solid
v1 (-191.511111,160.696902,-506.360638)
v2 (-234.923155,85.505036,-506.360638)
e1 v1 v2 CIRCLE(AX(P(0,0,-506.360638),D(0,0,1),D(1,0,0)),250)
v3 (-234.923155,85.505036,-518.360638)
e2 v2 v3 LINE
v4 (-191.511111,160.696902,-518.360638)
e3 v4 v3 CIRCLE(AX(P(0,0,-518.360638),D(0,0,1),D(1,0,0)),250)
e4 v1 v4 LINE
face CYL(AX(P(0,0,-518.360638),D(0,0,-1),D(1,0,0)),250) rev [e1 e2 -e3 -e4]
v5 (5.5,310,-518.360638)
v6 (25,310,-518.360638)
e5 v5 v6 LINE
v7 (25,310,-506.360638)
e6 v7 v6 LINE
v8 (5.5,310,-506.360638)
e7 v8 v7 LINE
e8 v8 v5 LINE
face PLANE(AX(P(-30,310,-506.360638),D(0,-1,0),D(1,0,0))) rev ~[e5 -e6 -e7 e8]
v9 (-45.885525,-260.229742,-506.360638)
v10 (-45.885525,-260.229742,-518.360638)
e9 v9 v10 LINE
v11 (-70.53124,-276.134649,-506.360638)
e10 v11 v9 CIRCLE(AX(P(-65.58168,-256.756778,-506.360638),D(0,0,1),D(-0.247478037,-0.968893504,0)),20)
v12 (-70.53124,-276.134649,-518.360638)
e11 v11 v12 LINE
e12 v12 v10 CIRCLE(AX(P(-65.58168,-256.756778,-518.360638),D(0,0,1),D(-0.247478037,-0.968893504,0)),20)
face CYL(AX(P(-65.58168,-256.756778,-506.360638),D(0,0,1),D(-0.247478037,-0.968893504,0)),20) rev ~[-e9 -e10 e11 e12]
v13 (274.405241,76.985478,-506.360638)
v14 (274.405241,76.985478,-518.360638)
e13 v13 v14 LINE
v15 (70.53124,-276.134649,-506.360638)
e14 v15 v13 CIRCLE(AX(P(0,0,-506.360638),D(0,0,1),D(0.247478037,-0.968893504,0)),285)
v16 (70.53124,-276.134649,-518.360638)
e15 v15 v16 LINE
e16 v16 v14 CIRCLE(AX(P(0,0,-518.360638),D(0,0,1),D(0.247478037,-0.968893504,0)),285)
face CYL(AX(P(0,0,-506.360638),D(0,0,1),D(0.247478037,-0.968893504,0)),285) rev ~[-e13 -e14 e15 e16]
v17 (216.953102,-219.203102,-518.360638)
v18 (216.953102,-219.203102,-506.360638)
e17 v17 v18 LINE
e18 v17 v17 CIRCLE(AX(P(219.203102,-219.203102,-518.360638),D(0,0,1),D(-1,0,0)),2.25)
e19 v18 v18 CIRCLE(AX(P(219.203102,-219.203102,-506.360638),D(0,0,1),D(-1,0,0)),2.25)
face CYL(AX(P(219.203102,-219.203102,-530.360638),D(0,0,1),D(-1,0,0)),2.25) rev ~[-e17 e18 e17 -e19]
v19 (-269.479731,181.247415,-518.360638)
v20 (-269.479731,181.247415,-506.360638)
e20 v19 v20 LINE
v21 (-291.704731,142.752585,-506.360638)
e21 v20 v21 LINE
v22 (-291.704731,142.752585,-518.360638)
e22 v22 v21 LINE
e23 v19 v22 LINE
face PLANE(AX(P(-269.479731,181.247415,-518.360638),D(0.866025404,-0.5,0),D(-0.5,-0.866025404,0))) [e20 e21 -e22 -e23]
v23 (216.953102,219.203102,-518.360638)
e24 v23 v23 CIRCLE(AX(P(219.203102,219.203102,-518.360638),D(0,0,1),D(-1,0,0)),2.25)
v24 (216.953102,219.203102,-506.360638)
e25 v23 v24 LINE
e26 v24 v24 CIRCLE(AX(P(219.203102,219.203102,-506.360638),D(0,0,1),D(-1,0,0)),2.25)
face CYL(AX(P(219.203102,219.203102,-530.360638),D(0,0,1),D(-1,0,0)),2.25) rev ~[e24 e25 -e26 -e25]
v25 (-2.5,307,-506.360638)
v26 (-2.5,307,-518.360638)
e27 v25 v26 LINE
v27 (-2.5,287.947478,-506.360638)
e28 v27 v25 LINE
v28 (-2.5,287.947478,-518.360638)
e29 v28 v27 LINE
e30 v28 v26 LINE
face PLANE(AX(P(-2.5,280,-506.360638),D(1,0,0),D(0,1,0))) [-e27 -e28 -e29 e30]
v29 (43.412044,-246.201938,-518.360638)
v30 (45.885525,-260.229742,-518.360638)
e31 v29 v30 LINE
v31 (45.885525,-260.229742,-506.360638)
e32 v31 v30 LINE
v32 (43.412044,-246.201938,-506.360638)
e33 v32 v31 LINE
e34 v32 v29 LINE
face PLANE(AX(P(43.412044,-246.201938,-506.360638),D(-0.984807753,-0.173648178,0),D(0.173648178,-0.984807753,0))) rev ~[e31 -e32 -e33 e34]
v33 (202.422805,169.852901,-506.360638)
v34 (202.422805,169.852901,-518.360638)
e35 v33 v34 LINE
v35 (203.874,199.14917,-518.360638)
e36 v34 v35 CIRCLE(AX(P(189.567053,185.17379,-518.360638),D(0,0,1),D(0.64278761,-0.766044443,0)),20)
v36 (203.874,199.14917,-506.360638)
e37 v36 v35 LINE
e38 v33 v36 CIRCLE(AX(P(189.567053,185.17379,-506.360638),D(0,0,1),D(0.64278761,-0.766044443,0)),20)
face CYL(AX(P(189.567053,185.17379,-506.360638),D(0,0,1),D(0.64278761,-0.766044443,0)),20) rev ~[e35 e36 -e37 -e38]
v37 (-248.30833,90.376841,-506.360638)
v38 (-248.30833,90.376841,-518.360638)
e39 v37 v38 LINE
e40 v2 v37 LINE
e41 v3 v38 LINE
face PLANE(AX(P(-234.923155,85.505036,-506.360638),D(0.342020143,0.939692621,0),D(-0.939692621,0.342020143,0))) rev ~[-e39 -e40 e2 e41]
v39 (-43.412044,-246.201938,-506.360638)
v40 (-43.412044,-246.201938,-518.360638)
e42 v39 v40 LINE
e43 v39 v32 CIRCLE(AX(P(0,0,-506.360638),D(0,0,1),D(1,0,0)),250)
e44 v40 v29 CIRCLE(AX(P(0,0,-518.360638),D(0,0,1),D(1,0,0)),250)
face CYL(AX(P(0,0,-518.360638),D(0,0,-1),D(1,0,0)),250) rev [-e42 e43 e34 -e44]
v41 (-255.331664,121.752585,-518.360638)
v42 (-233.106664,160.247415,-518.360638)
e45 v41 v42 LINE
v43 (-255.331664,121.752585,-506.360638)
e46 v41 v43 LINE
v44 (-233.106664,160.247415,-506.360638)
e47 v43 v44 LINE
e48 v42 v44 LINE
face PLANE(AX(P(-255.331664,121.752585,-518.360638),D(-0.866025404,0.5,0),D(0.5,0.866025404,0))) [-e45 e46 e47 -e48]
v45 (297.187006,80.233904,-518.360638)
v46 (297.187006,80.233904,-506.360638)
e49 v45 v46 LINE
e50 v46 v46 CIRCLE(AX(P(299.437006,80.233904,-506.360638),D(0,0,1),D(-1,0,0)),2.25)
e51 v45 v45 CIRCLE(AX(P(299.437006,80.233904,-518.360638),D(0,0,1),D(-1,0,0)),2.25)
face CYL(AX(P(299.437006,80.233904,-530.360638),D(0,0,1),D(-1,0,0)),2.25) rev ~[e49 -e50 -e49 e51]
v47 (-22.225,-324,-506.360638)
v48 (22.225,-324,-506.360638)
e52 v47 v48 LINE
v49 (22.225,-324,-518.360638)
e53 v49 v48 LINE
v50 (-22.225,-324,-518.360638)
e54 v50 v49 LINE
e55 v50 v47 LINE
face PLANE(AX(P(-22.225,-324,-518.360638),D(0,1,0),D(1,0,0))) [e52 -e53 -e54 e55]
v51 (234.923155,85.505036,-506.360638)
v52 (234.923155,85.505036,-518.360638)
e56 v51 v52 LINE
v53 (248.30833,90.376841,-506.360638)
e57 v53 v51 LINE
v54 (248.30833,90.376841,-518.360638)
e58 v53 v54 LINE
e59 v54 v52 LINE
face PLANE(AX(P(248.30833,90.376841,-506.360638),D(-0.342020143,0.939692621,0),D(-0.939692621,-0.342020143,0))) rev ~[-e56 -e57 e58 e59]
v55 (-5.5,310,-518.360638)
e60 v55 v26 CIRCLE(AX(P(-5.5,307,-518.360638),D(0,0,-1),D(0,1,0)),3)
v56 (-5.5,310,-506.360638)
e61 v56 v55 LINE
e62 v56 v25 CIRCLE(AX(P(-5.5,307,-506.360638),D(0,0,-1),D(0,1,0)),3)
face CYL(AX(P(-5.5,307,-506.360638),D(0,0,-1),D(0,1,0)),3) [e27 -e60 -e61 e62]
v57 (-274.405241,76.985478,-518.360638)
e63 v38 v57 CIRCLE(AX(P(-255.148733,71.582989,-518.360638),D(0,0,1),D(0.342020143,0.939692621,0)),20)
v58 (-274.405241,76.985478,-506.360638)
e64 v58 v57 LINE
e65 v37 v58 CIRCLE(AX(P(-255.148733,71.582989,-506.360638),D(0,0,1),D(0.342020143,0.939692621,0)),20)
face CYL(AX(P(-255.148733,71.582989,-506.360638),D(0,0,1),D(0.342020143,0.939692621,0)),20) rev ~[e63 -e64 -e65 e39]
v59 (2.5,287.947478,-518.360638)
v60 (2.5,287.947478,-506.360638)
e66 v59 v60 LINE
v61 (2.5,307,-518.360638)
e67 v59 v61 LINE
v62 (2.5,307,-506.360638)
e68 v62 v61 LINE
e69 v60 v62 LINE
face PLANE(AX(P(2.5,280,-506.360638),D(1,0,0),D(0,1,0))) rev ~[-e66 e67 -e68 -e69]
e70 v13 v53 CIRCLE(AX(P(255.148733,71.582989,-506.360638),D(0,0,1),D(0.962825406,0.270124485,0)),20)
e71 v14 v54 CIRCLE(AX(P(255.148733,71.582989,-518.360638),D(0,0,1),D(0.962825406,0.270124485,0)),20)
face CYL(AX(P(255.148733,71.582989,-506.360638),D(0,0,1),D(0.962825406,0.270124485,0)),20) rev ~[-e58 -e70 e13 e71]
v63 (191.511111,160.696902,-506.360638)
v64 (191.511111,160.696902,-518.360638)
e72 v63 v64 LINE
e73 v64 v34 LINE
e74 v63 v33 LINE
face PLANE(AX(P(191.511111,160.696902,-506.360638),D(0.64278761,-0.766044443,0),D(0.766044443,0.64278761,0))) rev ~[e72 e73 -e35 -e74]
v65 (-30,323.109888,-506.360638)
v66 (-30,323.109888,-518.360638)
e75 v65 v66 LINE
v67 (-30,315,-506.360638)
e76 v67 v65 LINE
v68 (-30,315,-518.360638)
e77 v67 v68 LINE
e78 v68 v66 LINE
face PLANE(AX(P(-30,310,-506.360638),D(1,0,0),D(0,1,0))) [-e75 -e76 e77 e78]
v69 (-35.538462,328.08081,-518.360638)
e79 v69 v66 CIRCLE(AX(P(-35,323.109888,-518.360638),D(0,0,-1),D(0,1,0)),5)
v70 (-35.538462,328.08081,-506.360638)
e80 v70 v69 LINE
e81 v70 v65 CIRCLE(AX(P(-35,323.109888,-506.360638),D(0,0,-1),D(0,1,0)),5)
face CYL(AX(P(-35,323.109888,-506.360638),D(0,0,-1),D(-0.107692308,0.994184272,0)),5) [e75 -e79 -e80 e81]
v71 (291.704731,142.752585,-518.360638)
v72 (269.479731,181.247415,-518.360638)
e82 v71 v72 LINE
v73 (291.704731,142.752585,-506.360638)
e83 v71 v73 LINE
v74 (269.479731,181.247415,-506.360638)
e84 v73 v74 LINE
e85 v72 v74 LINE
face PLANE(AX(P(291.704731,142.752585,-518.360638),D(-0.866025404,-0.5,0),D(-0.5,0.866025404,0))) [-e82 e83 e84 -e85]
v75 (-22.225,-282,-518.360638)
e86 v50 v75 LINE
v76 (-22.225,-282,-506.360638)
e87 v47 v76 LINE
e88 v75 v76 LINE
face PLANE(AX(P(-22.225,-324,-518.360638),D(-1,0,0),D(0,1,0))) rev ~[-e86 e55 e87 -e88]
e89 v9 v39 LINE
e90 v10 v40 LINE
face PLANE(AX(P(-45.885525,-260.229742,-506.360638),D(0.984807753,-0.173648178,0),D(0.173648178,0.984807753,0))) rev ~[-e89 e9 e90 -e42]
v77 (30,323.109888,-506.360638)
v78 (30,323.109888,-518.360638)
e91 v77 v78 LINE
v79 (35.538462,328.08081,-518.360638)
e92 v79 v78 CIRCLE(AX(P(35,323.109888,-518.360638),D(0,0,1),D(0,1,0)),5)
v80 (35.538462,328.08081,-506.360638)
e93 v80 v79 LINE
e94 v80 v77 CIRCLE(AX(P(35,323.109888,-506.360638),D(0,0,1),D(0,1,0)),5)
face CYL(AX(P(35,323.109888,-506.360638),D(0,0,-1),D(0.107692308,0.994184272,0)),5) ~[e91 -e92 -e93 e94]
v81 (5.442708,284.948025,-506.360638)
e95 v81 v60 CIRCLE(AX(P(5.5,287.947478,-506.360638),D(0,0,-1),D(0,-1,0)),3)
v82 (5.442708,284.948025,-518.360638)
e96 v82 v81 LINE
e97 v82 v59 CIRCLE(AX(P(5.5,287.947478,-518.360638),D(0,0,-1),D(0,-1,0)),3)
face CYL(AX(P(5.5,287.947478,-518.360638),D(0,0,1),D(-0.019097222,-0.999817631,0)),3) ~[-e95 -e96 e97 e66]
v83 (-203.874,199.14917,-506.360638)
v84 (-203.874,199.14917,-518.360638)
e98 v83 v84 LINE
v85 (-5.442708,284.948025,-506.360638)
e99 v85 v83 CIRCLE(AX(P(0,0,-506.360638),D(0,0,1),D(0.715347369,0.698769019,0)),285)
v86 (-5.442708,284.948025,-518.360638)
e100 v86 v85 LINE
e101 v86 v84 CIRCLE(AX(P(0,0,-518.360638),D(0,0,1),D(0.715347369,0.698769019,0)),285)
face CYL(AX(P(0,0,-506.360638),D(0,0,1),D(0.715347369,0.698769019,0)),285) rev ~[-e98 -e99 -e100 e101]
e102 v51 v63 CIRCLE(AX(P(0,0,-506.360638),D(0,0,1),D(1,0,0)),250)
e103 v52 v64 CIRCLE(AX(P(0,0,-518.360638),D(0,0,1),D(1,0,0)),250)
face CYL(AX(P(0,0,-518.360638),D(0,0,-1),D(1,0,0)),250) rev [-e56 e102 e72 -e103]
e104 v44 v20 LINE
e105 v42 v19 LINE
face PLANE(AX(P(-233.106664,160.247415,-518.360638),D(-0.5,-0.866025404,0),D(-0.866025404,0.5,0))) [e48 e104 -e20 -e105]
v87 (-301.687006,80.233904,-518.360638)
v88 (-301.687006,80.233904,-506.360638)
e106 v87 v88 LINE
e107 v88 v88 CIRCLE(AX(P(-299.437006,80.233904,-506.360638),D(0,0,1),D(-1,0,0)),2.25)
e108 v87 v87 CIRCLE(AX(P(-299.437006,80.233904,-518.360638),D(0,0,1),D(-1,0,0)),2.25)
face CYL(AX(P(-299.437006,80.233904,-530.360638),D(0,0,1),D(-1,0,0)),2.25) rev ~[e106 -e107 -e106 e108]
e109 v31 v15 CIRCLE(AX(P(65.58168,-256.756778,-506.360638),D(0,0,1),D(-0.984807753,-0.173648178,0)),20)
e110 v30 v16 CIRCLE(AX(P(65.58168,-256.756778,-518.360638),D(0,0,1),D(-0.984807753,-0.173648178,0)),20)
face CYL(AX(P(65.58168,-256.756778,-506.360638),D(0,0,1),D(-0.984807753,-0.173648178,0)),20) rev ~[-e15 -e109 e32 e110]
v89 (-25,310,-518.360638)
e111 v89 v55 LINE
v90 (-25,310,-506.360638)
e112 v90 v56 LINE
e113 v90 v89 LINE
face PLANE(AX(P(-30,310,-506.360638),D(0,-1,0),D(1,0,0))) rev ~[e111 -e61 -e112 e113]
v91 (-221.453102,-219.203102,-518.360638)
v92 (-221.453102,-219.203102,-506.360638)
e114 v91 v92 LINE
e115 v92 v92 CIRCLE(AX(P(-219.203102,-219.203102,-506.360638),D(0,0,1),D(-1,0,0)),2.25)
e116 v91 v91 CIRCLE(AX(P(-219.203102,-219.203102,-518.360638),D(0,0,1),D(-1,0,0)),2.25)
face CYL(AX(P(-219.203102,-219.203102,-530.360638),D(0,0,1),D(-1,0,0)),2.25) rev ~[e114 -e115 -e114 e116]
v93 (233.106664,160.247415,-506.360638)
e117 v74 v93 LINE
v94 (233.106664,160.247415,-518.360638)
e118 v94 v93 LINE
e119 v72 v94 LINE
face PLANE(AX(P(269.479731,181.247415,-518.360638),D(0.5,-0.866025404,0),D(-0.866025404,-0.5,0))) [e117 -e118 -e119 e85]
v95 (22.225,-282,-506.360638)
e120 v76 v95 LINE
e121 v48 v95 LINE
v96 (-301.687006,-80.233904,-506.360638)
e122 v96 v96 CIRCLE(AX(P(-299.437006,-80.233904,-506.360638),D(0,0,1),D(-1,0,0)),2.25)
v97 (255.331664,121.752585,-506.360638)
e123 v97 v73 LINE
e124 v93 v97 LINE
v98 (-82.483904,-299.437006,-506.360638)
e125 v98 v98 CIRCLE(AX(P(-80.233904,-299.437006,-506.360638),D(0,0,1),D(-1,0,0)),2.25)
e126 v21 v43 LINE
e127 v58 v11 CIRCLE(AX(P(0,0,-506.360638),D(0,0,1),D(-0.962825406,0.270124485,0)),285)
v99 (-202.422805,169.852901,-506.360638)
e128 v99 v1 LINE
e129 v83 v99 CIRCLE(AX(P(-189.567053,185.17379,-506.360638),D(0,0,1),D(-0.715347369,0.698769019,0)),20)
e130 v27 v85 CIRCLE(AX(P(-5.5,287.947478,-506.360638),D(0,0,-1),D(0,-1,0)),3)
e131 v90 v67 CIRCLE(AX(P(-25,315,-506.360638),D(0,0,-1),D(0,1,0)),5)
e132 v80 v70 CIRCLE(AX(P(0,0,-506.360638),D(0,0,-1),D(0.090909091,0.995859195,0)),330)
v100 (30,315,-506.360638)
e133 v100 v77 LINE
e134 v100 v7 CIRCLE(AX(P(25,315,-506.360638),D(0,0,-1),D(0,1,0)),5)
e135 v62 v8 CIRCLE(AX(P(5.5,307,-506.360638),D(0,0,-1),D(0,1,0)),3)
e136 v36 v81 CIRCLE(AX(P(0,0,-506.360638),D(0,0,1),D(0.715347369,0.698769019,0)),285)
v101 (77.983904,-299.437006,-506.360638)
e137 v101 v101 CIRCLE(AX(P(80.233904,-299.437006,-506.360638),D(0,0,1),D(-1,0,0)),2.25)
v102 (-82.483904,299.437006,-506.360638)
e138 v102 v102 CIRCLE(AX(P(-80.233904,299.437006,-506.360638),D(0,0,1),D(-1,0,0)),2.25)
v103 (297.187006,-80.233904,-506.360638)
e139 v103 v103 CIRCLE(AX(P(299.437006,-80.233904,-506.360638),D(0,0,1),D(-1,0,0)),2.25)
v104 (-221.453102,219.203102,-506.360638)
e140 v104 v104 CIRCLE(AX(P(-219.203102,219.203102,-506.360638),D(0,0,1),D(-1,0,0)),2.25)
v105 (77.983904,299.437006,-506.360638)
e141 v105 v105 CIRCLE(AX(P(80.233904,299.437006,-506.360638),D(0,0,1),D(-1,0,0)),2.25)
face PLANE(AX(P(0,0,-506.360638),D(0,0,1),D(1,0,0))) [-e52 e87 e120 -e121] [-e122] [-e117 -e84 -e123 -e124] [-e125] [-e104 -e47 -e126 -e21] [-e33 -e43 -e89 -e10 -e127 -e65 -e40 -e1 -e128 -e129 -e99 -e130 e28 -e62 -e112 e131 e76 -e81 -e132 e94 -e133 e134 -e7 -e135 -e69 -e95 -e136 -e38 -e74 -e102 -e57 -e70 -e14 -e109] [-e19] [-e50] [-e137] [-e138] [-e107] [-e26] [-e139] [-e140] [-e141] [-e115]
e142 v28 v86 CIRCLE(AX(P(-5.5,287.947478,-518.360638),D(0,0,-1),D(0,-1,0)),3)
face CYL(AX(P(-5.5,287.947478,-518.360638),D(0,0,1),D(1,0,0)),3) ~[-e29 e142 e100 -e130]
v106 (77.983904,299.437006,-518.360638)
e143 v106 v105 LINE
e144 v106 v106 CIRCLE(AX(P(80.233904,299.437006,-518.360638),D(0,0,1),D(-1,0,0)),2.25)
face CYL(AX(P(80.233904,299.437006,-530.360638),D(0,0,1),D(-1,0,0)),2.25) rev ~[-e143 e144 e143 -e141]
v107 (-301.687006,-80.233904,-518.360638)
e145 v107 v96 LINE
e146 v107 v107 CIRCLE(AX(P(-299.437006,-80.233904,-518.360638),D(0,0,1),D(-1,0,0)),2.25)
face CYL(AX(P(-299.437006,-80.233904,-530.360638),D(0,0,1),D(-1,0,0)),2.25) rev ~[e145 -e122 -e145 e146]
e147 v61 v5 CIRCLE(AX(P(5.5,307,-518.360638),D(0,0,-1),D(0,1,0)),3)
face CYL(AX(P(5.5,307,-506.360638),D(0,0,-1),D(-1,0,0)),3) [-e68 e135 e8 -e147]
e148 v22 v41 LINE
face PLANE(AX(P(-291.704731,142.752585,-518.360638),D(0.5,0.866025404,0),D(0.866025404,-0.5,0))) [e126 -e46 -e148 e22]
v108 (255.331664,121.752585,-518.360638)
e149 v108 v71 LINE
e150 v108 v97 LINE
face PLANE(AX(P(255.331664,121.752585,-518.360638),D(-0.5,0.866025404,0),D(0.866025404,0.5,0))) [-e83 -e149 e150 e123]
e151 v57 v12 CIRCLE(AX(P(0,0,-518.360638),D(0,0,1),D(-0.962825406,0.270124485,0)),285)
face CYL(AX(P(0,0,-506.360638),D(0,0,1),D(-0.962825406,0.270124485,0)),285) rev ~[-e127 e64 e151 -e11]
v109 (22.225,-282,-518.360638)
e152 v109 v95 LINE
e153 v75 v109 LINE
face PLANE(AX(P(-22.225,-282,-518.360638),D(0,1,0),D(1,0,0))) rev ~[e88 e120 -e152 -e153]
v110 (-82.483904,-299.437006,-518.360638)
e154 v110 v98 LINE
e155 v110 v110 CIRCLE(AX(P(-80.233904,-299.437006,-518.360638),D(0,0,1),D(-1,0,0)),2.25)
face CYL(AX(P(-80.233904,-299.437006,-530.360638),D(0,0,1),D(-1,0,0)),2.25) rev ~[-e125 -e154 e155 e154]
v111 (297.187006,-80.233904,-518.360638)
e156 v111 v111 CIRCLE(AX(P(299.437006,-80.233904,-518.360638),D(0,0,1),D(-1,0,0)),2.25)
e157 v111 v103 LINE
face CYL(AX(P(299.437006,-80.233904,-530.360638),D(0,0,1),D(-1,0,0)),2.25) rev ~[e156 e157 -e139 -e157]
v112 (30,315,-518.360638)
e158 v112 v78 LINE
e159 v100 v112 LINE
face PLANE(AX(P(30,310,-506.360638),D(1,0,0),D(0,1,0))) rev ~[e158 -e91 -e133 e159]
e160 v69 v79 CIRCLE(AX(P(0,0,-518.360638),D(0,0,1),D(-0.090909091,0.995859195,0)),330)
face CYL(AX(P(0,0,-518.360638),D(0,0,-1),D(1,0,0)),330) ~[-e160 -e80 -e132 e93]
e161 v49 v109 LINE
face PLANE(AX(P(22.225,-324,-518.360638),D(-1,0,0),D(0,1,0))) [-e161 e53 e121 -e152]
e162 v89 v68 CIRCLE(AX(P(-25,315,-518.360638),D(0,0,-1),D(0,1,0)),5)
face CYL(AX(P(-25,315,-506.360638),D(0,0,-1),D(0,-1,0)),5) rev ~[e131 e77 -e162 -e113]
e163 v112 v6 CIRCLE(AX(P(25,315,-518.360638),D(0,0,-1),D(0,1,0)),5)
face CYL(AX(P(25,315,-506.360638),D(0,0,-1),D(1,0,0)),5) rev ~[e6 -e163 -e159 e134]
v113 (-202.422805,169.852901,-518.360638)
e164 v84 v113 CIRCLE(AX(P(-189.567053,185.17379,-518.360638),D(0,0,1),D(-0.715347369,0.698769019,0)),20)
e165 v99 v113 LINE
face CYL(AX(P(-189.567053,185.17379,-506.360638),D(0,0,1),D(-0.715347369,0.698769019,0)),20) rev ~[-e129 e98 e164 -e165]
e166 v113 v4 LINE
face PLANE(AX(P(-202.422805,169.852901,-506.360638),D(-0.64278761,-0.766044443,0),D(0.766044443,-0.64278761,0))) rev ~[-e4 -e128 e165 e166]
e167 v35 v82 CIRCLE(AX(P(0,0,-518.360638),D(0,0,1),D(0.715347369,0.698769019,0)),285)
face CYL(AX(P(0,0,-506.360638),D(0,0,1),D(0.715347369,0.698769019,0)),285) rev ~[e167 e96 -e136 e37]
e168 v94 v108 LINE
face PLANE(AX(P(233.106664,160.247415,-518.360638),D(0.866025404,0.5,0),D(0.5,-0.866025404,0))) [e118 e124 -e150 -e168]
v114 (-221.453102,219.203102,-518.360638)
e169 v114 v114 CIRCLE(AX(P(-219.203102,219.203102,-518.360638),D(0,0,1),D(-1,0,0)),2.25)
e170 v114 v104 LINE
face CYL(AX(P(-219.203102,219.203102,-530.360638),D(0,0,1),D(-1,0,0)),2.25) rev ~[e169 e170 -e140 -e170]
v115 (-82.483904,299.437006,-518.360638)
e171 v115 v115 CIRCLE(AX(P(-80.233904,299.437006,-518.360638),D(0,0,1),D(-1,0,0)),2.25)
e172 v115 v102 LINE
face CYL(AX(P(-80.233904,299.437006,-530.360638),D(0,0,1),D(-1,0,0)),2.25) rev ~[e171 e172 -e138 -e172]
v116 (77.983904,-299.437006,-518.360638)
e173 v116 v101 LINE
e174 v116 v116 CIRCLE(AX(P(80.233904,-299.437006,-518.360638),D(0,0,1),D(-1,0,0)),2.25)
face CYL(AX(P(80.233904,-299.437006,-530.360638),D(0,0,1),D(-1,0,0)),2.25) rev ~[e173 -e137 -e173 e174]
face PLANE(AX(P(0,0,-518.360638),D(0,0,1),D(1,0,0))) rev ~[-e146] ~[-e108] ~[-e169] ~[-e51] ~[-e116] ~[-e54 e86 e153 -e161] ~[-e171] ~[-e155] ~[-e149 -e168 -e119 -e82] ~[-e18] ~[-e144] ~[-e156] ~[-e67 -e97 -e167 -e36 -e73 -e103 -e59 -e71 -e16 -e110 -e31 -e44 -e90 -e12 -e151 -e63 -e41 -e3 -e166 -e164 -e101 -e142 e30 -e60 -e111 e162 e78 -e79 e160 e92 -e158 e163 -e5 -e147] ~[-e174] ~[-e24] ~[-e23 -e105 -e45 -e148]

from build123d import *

# Parameters (mm, degrees)
SKETCH2_R                                      = 330
SKETCH2_R_2                                    = 250
SKETCH2_W                                      = 44.45
SKETCH2_H                                      = 42
BOSS_EXTRUDE1_DEPTH                            = 12
CUT_EXTRUDE1_DEPTH                             = 12
SKETCH5_W                                      = 60
SKETCH5_H                                      = 60
CUT_EXTRUDE2_DEPTH                             = 12
FILLET1_R                                      = 5
SKETCH6_W                                      = 5
SKETCH6_H                                      = 30
CUT_EXTRUDE3_DEPTH                             = 12
FILLET2_R                                      = 3
CSK_FOR_M4_FLAT_HEAD_MACHINE_SCREW_D           = 4.5
CSK_FOR_M4_FLAT_HEAD_MACHINE_SCREW_CSINK_D     = 9.4
CSK_FOR_M4_FLAT_HEAD_MACHINE_SCREW_CSINK_ANGLE = 90


with BuildPart() as part:
    # Sketch2 → Boss-Extrude1 (new body)
    with BuildSketch(Plane.XY.offset(-518.360637908)):
        Circle(SKETCH2_R)
        Circle(SKETCH2_R_2, mode=Mode.SUBTRACT)
        with Locations((0, -303)):
            Rectangle(SKETCH2_W, SKETCH2_H, mode=Mode.SUBTRACT)
        Polygon((269.479730826, 181.247414599), (233.106663867, 160.247414599), (255.331663867, 121.752585401), (291.704730826, 142.752585401), align=None, mode=Mode.SUBTRACT)
        Polygon((-291.704730826, 142.752585401), (-255.331663867, 121.752585401), (-233.106663867, 160.247414599), (-269.479730826, 181.247414599), align=None, mode=Mode.SUBTRACT)
    extrude(amount=BOSS_EXTRUDE1_DEPTH)

    # Sketch3 → Cut-Extrude1 (cut)
    with BuildSketch(Plane.XY.offset(-506.360637908)):
        with BuildLine():
            Line((191.51111078, 160.696902422), (202.422805046, 169.852901056))
            ThreePointArc((202.422805046, 169.852901056), (209.542560602, 184.184300077), (203.874000238, 199.14917029))
            ThreePointArc((203.874000238, 199.14917029), (0, 285), (-203.874000238, 199.14917029))
            ThreePointArc((-203.874000238, 199.14917029), (-209.542560602, 184.184300077), (-202.422805046, 169.852901056))
            Line((-202.422805046, 169.852901056), (-191.51111078, 160.696902422))
            ThreePointArc((-191.51111078, 160.696902422), (0, 250), (191.51111078, 160.696902422))
        make_face()
        with BuildLine():
            Line((43.412044417, -246.201938253), (45.885524698, -260.229742003))
            ThreePointArc((45.885524698, -260.229742003), (54.737002544, -273.561330694), (70.531240495, -276.134648522))
            ThreePointArc((70.531240495, -276.134648522), (246.817240079, -142.5), (274.405240732, 76.985478232))
            ThreePointArc((274.405240732, 76.985478232), (264.279563146, 89.377030617), (248.308329744, 90.376840947))
            Line((248.308329744, 90.376840947), (234.923155196, 85.505035831))
            ThreePointArc((234.923155196, 85.505035831), (216.506350946, -125), (43.412044417, -246.201938253))
        make_face()
        with BuildLine():
            Line((-234.923155196, 85.505035831), (-248.308329744, 90.376840947))
            ThreePointArc((-248.308329744, 90.376840947), (-264.279563146, 89.377030617), (-274.405240732, 76.985478232))
            ThreePointArc((-274.405240732, 76.985478232), (-246.817240079, -142.5), (-70.531240495, -276.134648522))
            ThreePointArc((-70.531240495, -276.134648522), (-54.737002544, -273.561330694), (-45.885524698, -260.229742003))
            Line((-45.885524698, -260.229742003), (-43.412044417, -246.201938253))
            ThreePointArc((-43.412044417, -246.201938253), (-216.506350946, -125), (-234.923155196, 85.505035831))
        make_face()
    extrude(amount=-CUT_EXTRUDE1_DEPTH, mode=Mode.SUBTRACT)

    # Sketch5 → Cut-Extrude2 (cut)
    with BuildSketch(Plane.XY.offset(-506.360637908)):
        with Locations((0, 340)):
            Rectangle(SKETCH5_W, SKETCH5_H)
    extrude(amount=-CUT_EXTRUDE2_DEPTH, mode=Mode.SUBTRACT)

    # Fillet1
    fillet1_edges = [part.edges().sort_by_distance(p)[0] for p in [
        (30, 328.633534503, -512.360637908),
        (-30, 328.633534503, -512.360637908),
        (-30, 310, -512.360637908),
        (30, 310, -512.360637908),
    ]]
    fillet(fillet1_edges, radius=FILLET1_R)

    # Sketch6 → Cut-Extrude3 (cut)
    with BuildSketch(Plane.XY.offset(-506.360637908)):
        with Locations((0, 295)):
            Rectangle(SKETCH6_W, SKETCH6_H)
    extrude(amount=-CUT_EXTRUDE3_DEPTH, mode=Mode.SUBTRACT)

    # Fillet2
    fillet2_edges = [part.edges().sort_by_distance(p)[0] for p in [
        (2.5, 284.989034877, -512.360637908),
        (2.5, 310, -512.360637908),
        (-2.5, 284.989034877, -512.360637908),
        (-2.5, 310, -512.360637908),
    ]]
    fillet(fillet2_edges, radius=FILLET2_R)

    # CSK for M4 Flat Head Machine Screw (through all)
    with Locations(Plane(origin=(0, 0, -530.360637908), x_dir=(1, 0, 0), z_dir=(0, 0, -1))):
        with Locations((80.233903982, 299.43700615), (219.203102168, 219.203102168), (299.43700615, 80.233903982), (299.43700615, -80.233903982), (219.203102168, -219.203102168), (80.233903982, -299.43700615), (-80.233903982, -299.43700615), (-219.203102168, -219.203102168), (-299.43700615, -80.233903982), (-299.43700615, 80.233903982), (-219.203102168, 219.203102168), (-80.233903982, 299.43700615), (0, 0)):
            CounterSinkHole(CSK_FOR_M4_FLAT_HEAD_MACHINE_SCREW_D / 2, CSK_FOR_M4_FLAT_HEAD_MACHINE_SCREW_CSINK_D / 2, counter_sink_angle=CSK_FOR_M4_FLAT_HEAD_MACHINE_SCREW_CSINK_ANGLE)


solid = part.part
